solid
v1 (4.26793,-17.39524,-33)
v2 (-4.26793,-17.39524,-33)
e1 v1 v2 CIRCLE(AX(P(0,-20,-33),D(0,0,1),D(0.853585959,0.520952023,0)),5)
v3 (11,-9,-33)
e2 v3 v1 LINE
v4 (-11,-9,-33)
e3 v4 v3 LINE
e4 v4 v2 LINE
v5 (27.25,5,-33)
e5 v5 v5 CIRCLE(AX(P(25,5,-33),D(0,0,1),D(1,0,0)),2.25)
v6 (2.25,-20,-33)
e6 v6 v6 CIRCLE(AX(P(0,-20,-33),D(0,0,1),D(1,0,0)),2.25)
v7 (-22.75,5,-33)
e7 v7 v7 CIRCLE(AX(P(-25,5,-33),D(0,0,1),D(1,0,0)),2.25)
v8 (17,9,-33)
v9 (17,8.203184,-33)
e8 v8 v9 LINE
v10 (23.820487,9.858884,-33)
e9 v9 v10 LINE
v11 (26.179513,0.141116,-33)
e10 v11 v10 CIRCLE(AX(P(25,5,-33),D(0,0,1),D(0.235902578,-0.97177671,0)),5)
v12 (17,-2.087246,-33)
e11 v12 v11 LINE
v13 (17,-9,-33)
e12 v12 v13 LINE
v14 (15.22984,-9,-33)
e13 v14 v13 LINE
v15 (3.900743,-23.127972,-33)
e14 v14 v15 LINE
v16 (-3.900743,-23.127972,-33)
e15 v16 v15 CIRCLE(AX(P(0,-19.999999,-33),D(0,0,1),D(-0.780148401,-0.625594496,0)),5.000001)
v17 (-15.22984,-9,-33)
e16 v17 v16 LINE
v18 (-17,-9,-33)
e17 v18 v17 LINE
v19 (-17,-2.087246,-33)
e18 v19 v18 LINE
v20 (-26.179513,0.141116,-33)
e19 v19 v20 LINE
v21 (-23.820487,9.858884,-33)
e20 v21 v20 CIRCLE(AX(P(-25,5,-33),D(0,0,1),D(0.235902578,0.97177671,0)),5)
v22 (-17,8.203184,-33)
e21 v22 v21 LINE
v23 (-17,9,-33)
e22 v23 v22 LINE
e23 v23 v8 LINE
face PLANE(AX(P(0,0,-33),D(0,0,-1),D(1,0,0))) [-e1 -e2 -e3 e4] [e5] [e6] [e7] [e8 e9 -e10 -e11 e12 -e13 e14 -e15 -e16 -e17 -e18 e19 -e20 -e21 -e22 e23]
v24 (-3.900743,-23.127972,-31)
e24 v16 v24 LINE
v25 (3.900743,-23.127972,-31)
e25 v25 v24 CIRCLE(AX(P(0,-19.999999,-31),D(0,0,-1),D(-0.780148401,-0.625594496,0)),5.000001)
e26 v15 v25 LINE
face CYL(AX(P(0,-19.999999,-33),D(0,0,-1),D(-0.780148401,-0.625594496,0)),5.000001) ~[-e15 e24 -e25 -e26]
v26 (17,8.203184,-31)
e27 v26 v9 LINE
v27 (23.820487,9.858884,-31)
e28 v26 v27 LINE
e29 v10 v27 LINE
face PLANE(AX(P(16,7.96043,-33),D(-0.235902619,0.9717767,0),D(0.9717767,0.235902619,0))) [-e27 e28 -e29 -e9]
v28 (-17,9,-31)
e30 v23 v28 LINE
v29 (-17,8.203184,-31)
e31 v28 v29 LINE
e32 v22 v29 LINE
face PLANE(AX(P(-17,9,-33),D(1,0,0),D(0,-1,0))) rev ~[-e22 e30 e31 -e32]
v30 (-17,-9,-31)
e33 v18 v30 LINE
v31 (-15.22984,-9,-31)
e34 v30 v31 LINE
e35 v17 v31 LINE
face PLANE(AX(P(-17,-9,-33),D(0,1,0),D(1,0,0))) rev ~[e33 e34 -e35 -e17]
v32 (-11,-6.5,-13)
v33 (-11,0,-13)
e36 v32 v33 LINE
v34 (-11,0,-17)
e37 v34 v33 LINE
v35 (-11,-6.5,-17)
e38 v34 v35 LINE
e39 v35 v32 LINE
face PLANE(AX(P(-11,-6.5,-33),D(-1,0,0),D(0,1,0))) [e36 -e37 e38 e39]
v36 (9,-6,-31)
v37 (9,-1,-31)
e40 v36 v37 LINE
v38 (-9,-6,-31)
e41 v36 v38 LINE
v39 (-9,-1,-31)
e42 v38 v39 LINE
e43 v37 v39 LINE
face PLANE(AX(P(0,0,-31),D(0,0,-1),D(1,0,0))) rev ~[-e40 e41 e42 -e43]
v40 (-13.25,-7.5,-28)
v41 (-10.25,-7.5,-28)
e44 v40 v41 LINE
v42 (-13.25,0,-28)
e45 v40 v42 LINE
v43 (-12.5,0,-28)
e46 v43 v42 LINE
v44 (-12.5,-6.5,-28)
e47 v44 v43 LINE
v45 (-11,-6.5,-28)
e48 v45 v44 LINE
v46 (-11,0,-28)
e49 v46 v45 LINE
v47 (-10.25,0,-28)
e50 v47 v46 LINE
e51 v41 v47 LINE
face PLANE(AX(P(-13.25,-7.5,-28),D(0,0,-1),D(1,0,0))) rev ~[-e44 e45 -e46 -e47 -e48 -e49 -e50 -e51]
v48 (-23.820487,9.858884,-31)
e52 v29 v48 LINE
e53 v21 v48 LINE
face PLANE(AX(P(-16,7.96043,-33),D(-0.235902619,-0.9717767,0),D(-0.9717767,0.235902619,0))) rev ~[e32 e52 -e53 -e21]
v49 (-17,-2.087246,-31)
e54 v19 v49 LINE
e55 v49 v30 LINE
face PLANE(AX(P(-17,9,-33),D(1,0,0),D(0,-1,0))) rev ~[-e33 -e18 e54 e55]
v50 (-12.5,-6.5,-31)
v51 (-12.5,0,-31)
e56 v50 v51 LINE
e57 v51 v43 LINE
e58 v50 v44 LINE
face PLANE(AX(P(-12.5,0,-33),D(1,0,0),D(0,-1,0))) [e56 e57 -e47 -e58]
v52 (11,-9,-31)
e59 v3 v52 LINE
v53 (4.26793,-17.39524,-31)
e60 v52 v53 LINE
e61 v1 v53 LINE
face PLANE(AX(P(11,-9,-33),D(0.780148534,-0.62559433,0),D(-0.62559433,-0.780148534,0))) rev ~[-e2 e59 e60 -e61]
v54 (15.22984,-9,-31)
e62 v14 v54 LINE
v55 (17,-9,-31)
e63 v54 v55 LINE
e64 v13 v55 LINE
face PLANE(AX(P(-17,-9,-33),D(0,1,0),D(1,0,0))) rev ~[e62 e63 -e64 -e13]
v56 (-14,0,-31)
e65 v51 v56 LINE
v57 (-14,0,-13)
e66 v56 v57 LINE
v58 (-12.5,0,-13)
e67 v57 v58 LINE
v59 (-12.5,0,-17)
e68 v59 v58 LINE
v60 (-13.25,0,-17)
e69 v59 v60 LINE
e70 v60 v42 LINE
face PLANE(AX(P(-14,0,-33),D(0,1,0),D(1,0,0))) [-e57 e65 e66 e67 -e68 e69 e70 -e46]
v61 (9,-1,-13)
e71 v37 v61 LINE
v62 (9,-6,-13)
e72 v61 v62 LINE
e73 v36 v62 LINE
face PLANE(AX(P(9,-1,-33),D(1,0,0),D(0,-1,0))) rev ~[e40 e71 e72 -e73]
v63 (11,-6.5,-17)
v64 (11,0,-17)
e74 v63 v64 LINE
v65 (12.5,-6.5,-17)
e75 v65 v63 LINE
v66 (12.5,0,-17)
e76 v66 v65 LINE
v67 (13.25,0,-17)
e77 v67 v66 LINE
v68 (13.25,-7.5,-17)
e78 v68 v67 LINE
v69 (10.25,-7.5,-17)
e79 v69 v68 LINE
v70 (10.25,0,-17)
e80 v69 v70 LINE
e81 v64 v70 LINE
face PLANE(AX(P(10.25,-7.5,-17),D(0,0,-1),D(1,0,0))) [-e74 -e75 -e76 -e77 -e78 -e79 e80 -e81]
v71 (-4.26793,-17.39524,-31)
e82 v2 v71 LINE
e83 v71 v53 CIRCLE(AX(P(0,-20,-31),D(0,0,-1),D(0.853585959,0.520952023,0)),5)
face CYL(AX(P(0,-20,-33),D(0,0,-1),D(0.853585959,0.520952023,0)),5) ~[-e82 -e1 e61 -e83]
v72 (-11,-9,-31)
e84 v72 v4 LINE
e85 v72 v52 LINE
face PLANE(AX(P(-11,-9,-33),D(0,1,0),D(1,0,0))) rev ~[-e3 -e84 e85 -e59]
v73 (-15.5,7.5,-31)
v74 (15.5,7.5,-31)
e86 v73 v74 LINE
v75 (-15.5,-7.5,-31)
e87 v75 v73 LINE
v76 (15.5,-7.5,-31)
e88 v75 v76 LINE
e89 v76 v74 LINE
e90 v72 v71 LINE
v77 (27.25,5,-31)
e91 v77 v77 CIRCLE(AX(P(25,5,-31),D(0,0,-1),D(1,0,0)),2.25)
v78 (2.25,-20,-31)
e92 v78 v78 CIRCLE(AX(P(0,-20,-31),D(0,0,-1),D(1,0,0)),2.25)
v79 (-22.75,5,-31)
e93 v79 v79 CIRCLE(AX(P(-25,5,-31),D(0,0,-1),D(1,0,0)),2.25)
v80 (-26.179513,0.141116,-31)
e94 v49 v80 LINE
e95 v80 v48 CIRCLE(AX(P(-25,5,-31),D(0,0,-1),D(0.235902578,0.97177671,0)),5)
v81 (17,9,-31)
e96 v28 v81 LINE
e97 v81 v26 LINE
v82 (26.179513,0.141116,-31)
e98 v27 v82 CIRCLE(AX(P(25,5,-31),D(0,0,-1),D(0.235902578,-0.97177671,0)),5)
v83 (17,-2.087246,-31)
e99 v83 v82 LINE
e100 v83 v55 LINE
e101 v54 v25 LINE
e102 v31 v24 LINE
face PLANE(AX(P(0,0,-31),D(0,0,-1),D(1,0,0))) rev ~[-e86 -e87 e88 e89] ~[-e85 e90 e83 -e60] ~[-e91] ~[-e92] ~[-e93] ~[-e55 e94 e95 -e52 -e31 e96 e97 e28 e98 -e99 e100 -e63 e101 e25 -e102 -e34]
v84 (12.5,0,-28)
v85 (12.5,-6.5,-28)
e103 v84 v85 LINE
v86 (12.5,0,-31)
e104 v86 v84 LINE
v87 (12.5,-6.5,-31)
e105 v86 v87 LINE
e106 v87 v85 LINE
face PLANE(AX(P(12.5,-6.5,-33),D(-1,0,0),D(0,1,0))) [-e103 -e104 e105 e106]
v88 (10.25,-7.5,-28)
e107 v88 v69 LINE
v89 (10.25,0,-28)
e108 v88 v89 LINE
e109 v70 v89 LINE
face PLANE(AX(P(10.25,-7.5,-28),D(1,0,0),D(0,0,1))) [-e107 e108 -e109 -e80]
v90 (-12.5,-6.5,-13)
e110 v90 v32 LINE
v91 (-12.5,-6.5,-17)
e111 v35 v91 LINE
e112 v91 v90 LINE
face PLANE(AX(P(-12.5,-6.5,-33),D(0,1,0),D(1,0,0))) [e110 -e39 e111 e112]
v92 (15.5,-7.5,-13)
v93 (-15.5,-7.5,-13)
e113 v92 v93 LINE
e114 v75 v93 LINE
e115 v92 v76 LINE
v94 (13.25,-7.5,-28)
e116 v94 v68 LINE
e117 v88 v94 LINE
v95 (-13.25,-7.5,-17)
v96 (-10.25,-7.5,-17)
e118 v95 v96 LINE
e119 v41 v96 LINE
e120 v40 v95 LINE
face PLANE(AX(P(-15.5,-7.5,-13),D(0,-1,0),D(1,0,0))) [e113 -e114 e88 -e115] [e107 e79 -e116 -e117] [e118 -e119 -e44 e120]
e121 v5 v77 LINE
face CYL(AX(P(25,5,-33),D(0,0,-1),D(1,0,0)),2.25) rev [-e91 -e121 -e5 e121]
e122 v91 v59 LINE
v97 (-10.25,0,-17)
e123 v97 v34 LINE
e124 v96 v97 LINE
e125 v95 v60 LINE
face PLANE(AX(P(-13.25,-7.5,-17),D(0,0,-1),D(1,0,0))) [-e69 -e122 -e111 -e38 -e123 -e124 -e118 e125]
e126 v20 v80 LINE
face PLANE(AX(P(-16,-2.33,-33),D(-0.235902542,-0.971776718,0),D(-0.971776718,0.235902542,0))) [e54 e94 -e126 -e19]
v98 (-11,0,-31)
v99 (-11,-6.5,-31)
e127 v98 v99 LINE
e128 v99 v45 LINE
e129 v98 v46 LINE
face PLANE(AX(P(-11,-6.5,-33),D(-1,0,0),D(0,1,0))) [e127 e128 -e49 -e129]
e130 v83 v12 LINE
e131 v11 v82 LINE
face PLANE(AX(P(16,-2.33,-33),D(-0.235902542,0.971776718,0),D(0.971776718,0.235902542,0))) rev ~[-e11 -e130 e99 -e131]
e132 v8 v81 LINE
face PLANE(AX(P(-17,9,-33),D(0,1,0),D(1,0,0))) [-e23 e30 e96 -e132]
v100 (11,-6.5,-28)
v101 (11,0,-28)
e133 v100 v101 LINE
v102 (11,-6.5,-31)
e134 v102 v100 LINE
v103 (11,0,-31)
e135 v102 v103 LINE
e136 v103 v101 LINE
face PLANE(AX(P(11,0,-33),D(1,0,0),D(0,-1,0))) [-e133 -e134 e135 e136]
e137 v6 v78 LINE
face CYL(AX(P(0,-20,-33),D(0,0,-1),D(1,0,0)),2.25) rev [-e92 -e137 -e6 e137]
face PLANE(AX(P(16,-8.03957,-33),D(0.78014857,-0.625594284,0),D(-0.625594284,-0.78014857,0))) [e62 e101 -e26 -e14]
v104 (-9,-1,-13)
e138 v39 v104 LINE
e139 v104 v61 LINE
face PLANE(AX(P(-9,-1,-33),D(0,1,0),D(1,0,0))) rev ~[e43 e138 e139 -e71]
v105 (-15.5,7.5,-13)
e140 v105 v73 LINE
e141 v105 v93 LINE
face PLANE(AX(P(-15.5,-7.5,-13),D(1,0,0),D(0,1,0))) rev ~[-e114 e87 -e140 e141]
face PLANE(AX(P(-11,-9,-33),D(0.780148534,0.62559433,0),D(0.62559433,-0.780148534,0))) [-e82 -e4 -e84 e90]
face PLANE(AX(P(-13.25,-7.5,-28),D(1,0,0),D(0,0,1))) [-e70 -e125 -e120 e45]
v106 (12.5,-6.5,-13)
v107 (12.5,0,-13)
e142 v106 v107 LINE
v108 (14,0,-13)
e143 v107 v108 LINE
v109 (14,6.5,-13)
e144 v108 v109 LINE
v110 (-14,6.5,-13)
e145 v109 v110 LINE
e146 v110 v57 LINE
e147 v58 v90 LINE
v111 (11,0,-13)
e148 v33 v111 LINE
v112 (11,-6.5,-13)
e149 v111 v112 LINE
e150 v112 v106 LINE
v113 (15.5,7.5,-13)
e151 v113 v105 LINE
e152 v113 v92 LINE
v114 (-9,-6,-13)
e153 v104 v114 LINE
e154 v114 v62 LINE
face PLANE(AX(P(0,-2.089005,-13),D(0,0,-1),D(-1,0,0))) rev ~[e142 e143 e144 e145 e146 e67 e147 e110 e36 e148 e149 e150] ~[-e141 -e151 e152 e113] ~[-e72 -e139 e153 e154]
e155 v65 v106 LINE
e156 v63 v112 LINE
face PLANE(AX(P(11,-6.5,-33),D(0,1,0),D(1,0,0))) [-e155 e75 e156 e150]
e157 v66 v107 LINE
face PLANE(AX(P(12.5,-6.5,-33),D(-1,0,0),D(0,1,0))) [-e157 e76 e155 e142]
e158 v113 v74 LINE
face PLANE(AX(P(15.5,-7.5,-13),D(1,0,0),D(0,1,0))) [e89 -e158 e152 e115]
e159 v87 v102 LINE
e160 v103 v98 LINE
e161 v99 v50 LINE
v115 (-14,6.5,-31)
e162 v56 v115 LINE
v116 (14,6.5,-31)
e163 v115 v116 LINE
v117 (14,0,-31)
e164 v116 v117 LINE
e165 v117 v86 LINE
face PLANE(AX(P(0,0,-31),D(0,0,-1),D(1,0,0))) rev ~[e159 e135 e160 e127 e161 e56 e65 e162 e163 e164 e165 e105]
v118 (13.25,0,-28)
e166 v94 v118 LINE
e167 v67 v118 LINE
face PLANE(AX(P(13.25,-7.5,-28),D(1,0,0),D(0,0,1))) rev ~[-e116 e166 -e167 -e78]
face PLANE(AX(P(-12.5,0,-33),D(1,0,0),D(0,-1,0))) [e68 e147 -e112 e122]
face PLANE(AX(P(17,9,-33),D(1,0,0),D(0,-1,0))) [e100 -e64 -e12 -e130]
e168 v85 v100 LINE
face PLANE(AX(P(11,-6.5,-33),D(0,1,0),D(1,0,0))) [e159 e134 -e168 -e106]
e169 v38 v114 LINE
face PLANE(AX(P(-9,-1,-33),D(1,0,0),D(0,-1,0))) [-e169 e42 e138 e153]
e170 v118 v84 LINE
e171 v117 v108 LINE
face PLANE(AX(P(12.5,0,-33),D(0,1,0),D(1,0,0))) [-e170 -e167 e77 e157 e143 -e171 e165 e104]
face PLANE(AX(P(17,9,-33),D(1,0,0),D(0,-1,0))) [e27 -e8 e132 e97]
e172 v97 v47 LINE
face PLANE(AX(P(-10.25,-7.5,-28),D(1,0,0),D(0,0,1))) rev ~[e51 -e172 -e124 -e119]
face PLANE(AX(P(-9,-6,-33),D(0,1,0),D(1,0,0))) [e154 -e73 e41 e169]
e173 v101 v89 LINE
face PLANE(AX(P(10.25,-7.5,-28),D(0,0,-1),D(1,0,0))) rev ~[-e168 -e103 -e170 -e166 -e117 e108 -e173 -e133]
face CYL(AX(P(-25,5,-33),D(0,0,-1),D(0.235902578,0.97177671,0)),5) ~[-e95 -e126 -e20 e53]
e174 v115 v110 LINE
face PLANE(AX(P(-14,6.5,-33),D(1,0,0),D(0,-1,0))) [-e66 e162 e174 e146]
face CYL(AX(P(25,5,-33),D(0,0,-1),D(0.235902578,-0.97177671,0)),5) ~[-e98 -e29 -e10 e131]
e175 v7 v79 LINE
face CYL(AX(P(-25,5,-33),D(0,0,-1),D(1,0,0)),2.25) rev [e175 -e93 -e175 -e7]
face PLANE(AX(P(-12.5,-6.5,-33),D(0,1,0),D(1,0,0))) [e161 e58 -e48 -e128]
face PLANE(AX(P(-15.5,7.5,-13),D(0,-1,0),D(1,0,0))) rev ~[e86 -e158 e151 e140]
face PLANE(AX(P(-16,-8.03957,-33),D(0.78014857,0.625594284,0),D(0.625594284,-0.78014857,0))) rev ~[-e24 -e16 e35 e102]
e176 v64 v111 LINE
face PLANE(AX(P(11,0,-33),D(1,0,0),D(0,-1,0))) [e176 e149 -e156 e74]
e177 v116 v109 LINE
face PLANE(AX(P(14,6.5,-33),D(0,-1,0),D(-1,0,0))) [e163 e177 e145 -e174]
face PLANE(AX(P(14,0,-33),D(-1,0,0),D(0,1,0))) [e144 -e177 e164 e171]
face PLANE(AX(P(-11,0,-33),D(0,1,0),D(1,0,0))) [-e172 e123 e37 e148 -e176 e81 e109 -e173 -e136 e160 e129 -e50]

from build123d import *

# Parameters (mm, degrees)
PAD132_DEPTH    = 20
SKETCH277_W     = 18
SKETCH277_H     = 5
POCKET115_DEPTH = 20
SKETCH278_W     = 34
SKETCH278_H     = 18
PAD133_DEPTH    = 2
SKETCH279_W     = 61
SKETCH279_H     = 49.5
SKETCH279_W_2   = 31
SKETCH279_H_2   = 15
POCKET116_DEPTH = 18
SKETCH280_R     = 2.25
POCKET117_DEPTH = 5
SKETCH281_W     = 3
SKETCH281_H     = 11
POCKET118_DEPTH = 8


with BuildPart() as part:
    # Sketch276 → Pad132 (new body)
    with BuildSketch(Plane.XY):
        with BuildLine():
            Line((-16, 7.96043), (16, 7.96043))
            Line((16, 7.96043), (23.820487, 9.858884))
            ThreePointArc((26.179513, 0.141116), (29.858884, 6.179513), (23.820487, 9.858884))
            Line((16, -2.33), (26.179513, 0.141116))
            Line((16, -2.33), (16, -8.03957))
            Line((16, -8.03957), (3.900743, -23.127972))
            ThreePointArc((-3.900743, -23.127972), (0, -25), (3.900743, -23.127972))
            Line((-16, -8.03957), (-3.900743, -23.127972))
            Line((-16, -8.03957), (-16, -2.33))
            Line((-16, -2.33), (-26.179513, 0.141116))
            ThreePointArc((-23.820487, 9.858884), (-29.858884, 6.179513), (-26.179513, 0.141116))
            Line((-16, 7.96043), (-23.820487, 9.858884))
        make_face()
        Polygon((-14, 6.5), (-14, 0), (-12.5, 0), (-12.5, -6.5), (-11, -6.5), (-11, 0), (11, 0), (11, -6.5), (12.5, -6.5), (12.5, 0), (14, 0), (14, 6.5), align=None, mode=Mode.SUBTRACT)
        with BuildLine():
            ThreePointArc((4.26793, -17.39524), (0, -15), (-4.26793, -17.39524))
            Line((-11, -9), (-4.26793, -17.39524))
            Line((-11, -9), (11, -9))
            Line((11, -9), (4.26793, -17.39524))
        make_face(mode=Mode.SUBTRACT)
    extrude(amount=PAD132_DEPTH)

    # Sketch277 (on Face29 of Pad132) → Pocket115 (cut)
    with BuildSketch(Plane(origin=(0, 0, 0), x_dir=(1, 0, 0), z_dir=(0, 0, -1))):
        with Locations((0, 3.5)):
            Rectangle(SKETCH277_W, SKETCH277_H)
    extrude(amount=-POCKET115_DEPTH, mode=Mode.SUBTRACT)

    # Sketch278 (on Face4 of Pocket115) → Pad133 (join)
    with BuildSketch(Plane(origin=(0, 0, 0), x_dir=(1, 0, 0), z_dir=(0, 0, -1))):
        Rectangle(SKETCH278_W, SKETCH278_H)
    extrude(amount=-PAD133_DEPTH)

    # Sketch279 (on Face32 of Pad133) → Pocket116 (cut, symmetric)
    with BuildSketch(Plane.XY.offset(20)):
        with Locations((0, -4.75)):
            Rectangle(SKETCH279_W, SKETCH279_H)
        Rectangle(SKETCH279_W_2, SKETCH279_H_2, mode=Mode.SUBTRACT)
    extrude(amount=POCKET116_DEPTH, both=True, mode=Mode.SUBTRACT)

    # Sketch280 → Pocket117 (cut)
    with BuildSketch(Plane.XY):
        with Locations((0, -20)):
            Circle(SKETCH280_R)
        with Locations((25, 5)):
            Circle(SKETCH280_R)
        with Locations((-25, 5)):
            Circle(SKETCH280_R)
    extrude(amount=POCKET117_DEPTH, mode=Mode.SUBTRACT)

    # Sketch281 (on Face37 of Pocket117) → Pocket118 (cut)
    with BuildSketch(Plane.XZ.offset(7.5)):
        with Locations((-11.75, 10.5)):
            Rectangle(SKETCH281_W, SKETCH281_H)
        with Locations((11.75, 10.5)):
            Rectangle(SKETCH281_W, SKETCH281_H)
    extrude(amount=-POCKET118_DEPTH, mode=Mode.SUBTRACT)


with BuildPart() as part_1:
    # Body030 placement: moved
    add(part.part.moved(Location((0, 0, -33))))


solid = part_1.part
